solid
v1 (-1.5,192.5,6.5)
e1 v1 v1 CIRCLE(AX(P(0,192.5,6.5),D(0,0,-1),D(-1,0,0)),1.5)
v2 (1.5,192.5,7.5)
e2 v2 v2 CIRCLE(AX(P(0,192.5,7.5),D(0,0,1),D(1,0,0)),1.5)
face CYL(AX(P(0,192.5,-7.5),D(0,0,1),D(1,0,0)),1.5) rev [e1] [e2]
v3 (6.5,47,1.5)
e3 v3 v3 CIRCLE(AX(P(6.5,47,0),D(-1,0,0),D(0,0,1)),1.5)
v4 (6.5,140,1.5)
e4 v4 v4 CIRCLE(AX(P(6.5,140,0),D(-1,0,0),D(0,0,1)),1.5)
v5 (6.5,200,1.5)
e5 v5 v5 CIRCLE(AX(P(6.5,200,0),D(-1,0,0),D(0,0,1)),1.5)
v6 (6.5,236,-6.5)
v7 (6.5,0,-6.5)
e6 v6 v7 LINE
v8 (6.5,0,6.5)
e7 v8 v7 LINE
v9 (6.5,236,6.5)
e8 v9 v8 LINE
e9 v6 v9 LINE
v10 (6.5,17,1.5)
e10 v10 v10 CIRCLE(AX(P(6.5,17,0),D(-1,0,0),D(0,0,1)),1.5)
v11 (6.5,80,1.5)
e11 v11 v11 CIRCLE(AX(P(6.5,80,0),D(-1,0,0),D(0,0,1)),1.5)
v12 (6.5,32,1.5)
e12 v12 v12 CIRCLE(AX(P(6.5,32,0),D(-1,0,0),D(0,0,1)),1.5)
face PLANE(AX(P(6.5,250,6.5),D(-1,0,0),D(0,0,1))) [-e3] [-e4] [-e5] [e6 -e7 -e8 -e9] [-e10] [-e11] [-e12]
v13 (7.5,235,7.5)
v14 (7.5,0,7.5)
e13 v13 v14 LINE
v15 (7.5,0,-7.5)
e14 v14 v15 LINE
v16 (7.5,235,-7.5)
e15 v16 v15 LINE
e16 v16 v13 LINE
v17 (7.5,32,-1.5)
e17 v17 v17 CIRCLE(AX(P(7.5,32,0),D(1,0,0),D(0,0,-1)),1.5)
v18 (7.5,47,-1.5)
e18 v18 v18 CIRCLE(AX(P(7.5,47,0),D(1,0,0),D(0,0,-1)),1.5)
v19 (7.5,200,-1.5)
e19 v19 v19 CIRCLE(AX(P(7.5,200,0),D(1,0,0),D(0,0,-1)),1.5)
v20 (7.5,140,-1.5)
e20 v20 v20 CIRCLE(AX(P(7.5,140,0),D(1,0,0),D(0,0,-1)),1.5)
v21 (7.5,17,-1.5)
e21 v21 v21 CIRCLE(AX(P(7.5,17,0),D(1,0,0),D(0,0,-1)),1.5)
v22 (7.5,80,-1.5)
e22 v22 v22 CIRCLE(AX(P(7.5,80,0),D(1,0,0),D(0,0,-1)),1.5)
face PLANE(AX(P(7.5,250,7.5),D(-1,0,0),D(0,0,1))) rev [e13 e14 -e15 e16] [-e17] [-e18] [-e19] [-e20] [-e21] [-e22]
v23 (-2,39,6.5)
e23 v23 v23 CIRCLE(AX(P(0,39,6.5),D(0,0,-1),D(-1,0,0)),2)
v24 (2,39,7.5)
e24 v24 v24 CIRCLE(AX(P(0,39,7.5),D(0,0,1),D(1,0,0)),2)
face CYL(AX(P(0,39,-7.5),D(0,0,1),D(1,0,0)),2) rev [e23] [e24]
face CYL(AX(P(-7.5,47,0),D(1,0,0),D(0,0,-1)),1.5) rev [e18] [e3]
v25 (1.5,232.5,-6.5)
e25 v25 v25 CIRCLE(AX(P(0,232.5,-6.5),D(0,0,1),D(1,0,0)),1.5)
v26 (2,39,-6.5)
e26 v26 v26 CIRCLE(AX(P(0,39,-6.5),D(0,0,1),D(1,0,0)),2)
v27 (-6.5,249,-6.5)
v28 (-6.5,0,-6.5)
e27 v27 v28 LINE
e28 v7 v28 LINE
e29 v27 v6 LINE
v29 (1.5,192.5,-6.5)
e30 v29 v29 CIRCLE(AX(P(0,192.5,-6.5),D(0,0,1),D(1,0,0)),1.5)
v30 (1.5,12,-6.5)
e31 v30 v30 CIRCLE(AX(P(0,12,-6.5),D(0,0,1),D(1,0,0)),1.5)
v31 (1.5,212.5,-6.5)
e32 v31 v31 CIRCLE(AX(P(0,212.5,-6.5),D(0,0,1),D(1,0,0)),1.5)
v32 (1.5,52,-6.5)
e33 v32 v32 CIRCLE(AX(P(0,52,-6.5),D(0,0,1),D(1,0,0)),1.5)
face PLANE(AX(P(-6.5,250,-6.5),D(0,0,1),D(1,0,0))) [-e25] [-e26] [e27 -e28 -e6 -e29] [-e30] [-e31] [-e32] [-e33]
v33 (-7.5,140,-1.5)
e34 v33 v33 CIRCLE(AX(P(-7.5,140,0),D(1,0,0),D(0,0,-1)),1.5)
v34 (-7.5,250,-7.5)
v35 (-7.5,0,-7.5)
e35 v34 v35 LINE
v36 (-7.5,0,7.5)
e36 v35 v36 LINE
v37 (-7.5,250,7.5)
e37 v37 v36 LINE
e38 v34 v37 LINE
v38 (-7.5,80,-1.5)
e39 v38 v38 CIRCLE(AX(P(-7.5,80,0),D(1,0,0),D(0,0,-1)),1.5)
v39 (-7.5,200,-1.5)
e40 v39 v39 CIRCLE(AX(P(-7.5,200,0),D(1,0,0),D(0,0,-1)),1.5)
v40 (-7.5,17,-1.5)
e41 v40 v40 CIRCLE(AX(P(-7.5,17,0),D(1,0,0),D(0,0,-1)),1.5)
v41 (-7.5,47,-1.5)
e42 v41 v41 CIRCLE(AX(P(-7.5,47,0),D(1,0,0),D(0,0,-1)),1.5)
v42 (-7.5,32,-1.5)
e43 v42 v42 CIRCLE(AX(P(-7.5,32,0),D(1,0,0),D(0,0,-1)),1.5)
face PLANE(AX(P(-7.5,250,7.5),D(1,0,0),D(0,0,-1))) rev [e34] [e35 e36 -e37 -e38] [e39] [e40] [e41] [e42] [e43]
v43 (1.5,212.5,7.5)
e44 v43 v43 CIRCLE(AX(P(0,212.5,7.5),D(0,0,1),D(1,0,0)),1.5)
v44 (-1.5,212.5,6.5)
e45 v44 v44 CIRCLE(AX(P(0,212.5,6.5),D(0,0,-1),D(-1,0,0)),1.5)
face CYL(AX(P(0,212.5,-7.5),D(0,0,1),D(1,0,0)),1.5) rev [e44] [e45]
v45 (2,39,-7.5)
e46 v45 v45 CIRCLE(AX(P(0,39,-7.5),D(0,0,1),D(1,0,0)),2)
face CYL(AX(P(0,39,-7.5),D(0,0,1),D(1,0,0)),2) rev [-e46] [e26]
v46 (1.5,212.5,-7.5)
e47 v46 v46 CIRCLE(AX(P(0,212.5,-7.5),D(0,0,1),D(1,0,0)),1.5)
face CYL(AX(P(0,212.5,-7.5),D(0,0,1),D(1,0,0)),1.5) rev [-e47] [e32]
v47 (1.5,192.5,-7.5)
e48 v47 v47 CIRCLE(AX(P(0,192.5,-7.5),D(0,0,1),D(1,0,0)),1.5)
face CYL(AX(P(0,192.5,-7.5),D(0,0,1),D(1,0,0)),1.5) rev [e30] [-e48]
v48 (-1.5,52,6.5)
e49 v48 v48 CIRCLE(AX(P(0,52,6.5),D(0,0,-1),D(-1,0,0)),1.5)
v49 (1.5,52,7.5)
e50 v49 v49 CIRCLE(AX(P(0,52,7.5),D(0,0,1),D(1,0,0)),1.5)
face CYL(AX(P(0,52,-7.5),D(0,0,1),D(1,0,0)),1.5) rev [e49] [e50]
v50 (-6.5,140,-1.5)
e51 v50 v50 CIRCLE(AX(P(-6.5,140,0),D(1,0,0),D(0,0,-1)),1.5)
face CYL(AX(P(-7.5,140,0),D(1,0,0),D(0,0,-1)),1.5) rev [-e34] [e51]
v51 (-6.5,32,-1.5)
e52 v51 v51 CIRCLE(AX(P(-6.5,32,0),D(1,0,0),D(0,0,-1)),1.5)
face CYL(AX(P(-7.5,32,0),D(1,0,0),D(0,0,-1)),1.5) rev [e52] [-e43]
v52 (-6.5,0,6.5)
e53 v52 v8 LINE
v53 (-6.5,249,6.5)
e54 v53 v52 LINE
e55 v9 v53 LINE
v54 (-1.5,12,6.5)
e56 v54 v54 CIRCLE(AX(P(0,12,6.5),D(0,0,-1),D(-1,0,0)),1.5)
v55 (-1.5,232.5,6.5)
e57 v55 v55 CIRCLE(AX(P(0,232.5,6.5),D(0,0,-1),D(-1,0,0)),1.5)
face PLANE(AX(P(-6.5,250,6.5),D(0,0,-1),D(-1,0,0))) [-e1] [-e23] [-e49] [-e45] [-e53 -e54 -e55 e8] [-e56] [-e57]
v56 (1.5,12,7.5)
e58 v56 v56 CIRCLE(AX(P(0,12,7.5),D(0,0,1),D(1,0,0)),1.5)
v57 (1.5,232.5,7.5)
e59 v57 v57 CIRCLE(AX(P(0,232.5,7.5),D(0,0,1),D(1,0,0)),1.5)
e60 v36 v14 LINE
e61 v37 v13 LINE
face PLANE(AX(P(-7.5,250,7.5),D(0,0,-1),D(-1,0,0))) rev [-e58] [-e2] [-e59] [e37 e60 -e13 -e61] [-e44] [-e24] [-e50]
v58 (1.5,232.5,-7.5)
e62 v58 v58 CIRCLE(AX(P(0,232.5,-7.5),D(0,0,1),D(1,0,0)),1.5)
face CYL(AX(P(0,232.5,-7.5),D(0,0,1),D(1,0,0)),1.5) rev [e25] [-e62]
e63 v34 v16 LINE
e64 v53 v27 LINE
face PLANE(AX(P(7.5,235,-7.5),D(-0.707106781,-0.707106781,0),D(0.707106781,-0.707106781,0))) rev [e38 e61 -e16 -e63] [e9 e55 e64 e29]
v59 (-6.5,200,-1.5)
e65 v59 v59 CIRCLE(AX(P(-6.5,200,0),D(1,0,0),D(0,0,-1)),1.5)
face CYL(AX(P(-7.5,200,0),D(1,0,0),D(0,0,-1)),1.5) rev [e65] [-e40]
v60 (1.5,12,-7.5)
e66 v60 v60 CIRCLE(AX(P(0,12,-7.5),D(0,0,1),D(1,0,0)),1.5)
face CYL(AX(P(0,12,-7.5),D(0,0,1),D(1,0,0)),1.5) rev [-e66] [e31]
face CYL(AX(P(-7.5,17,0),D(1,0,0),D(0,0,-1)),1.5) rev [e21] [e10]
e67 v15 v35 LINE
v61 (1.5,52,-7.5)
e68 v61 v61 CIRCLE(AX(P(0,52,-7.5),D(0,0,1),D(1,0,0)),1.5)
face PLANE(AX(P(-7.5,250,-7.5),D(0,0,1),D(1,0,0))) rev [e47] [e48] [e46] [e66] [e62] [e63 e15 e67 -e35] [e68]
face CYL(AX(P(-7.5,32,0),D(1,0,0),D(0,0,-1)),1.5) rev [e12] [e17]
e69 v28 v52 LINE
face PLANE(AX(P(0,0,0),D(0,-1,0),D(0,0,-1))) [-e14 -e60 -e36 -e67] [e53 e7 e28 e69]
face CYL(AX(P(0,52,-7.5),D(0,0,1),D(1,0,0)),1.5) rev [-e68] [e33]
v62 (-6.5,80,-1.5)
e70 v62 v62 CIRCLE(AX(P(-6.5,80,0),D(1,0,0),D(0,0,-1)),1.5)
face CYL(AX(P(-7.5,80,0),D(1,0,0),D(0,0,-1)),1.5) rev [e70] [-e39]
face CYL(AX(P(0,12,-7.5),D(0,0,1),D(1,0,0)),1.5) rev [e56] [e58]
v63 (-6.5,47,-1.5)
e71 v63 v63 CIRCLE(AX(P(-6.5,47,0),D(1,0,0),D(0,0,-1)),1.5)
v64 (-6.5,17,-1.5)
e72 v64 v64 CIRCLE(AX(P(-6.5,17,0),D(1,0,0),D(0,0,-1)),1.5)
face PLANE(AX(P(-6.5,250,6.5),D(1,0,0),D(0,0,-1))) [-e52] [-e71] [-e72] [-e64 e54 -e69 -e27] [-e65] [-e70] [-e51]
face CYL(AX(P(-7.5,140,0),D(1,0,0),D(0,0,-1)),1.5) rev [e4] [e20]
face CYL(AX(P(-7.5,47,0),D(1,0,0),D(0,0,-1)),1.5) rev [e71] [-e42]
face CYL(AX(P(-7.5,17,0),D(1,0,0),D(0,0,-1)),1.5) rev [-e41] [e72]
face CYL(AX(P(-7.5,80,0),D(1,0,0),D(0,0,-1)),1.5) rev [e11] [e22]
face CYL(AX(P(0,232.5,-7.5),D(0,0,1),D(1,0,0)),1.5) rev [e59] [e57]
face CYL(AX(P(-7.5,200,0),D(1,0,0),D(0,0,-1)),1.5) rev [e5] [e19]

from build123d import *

# Parameters (mm, degrees)
SKETCH_1_W          = 15
SKETCH_1_H          = 15
SKETCH_1_W_2        = 13
SKETCH_1_H_2        = 13
EXTRUDE_1_DEPTH     = 250
SKETCH_2_R          = 1.5
SKETCH_2_R_2        = 2
CUT_EXTRUDE_1_DEPTH = 251.561868607
SKETCH_3_R          = 1.5
CUT_EXTRUDE_2_DEPTH = 251.561868607


with BuildPart() as part:
    # 草图1 → 凸台-拉伸1 (new body)
    with BuildSketch(Plane(origin=(0, 0, 0), x_dir=(1, 0, 0), z_dir=(0, 1, 0))):
        Rectangle(SKETCH_1_W, SKETCH_1_H)
        Rectangle(SKETCH_1_W_2, SKETCH_1_H_2, mode=Mode.SUBTRACT)
    extrude(amount=EXTRUDE_1_DEPTH)

    # 草图2 → 切除-拉伸1 (cut, through all)
    with BuildSketch(Plane.XY.offset(7.5)):
        with Locations((0, 232.5)):
            Circle(SKETCH_2_R)
        with Locations((0, 212.5)):
            Circle(SKETCH_2_R)
        with Locations((0, 192.5)):
            Circle(SKETCH_2_R)
        with Locations((0, 12)):
            Circle(SKETCH_2_R)
        with Locations((0, 39)):
            Circle(SKETCH_2_R_2)
        with Locations((0, 52)):
            Circle(SKETCH_2_R)
        Polygon((7.5, 250), (7.5, 235), (-7.5, 250), align=None)
    extrude(amount=-CUT_EXTRUDE_1_DEPTH, mode=Mode.SUBTRACT)

    # 草图3 → 切除-拉伸2 (cut, through all)
    with BuildSketch(Plane(origin=(7.5, 0, 0), x_dir=(0, 0, -1), z_dir=(1, 0, 0))):
        with Locations((0, 17)):
            Circle(SKETCH_3_R)
        with Locations((0, 32)):
            Circle(SKETCH_3_R)
        with Locations((0, 47)):
            Circle(SKETCH_3_R)
        with Locations((0, 80)):
            Circle(SKETCH_3_R)
        with Locations((0, 140)):
            Circle(SKETCH_3_R)
        with Locations((0, 200)):
            Circle(SKETCH_3_R)
    extrude(amount=-CUT_EXTRUDE_2_DEPTH, mode=Mode.SUBTRACT)


solid = part.part
